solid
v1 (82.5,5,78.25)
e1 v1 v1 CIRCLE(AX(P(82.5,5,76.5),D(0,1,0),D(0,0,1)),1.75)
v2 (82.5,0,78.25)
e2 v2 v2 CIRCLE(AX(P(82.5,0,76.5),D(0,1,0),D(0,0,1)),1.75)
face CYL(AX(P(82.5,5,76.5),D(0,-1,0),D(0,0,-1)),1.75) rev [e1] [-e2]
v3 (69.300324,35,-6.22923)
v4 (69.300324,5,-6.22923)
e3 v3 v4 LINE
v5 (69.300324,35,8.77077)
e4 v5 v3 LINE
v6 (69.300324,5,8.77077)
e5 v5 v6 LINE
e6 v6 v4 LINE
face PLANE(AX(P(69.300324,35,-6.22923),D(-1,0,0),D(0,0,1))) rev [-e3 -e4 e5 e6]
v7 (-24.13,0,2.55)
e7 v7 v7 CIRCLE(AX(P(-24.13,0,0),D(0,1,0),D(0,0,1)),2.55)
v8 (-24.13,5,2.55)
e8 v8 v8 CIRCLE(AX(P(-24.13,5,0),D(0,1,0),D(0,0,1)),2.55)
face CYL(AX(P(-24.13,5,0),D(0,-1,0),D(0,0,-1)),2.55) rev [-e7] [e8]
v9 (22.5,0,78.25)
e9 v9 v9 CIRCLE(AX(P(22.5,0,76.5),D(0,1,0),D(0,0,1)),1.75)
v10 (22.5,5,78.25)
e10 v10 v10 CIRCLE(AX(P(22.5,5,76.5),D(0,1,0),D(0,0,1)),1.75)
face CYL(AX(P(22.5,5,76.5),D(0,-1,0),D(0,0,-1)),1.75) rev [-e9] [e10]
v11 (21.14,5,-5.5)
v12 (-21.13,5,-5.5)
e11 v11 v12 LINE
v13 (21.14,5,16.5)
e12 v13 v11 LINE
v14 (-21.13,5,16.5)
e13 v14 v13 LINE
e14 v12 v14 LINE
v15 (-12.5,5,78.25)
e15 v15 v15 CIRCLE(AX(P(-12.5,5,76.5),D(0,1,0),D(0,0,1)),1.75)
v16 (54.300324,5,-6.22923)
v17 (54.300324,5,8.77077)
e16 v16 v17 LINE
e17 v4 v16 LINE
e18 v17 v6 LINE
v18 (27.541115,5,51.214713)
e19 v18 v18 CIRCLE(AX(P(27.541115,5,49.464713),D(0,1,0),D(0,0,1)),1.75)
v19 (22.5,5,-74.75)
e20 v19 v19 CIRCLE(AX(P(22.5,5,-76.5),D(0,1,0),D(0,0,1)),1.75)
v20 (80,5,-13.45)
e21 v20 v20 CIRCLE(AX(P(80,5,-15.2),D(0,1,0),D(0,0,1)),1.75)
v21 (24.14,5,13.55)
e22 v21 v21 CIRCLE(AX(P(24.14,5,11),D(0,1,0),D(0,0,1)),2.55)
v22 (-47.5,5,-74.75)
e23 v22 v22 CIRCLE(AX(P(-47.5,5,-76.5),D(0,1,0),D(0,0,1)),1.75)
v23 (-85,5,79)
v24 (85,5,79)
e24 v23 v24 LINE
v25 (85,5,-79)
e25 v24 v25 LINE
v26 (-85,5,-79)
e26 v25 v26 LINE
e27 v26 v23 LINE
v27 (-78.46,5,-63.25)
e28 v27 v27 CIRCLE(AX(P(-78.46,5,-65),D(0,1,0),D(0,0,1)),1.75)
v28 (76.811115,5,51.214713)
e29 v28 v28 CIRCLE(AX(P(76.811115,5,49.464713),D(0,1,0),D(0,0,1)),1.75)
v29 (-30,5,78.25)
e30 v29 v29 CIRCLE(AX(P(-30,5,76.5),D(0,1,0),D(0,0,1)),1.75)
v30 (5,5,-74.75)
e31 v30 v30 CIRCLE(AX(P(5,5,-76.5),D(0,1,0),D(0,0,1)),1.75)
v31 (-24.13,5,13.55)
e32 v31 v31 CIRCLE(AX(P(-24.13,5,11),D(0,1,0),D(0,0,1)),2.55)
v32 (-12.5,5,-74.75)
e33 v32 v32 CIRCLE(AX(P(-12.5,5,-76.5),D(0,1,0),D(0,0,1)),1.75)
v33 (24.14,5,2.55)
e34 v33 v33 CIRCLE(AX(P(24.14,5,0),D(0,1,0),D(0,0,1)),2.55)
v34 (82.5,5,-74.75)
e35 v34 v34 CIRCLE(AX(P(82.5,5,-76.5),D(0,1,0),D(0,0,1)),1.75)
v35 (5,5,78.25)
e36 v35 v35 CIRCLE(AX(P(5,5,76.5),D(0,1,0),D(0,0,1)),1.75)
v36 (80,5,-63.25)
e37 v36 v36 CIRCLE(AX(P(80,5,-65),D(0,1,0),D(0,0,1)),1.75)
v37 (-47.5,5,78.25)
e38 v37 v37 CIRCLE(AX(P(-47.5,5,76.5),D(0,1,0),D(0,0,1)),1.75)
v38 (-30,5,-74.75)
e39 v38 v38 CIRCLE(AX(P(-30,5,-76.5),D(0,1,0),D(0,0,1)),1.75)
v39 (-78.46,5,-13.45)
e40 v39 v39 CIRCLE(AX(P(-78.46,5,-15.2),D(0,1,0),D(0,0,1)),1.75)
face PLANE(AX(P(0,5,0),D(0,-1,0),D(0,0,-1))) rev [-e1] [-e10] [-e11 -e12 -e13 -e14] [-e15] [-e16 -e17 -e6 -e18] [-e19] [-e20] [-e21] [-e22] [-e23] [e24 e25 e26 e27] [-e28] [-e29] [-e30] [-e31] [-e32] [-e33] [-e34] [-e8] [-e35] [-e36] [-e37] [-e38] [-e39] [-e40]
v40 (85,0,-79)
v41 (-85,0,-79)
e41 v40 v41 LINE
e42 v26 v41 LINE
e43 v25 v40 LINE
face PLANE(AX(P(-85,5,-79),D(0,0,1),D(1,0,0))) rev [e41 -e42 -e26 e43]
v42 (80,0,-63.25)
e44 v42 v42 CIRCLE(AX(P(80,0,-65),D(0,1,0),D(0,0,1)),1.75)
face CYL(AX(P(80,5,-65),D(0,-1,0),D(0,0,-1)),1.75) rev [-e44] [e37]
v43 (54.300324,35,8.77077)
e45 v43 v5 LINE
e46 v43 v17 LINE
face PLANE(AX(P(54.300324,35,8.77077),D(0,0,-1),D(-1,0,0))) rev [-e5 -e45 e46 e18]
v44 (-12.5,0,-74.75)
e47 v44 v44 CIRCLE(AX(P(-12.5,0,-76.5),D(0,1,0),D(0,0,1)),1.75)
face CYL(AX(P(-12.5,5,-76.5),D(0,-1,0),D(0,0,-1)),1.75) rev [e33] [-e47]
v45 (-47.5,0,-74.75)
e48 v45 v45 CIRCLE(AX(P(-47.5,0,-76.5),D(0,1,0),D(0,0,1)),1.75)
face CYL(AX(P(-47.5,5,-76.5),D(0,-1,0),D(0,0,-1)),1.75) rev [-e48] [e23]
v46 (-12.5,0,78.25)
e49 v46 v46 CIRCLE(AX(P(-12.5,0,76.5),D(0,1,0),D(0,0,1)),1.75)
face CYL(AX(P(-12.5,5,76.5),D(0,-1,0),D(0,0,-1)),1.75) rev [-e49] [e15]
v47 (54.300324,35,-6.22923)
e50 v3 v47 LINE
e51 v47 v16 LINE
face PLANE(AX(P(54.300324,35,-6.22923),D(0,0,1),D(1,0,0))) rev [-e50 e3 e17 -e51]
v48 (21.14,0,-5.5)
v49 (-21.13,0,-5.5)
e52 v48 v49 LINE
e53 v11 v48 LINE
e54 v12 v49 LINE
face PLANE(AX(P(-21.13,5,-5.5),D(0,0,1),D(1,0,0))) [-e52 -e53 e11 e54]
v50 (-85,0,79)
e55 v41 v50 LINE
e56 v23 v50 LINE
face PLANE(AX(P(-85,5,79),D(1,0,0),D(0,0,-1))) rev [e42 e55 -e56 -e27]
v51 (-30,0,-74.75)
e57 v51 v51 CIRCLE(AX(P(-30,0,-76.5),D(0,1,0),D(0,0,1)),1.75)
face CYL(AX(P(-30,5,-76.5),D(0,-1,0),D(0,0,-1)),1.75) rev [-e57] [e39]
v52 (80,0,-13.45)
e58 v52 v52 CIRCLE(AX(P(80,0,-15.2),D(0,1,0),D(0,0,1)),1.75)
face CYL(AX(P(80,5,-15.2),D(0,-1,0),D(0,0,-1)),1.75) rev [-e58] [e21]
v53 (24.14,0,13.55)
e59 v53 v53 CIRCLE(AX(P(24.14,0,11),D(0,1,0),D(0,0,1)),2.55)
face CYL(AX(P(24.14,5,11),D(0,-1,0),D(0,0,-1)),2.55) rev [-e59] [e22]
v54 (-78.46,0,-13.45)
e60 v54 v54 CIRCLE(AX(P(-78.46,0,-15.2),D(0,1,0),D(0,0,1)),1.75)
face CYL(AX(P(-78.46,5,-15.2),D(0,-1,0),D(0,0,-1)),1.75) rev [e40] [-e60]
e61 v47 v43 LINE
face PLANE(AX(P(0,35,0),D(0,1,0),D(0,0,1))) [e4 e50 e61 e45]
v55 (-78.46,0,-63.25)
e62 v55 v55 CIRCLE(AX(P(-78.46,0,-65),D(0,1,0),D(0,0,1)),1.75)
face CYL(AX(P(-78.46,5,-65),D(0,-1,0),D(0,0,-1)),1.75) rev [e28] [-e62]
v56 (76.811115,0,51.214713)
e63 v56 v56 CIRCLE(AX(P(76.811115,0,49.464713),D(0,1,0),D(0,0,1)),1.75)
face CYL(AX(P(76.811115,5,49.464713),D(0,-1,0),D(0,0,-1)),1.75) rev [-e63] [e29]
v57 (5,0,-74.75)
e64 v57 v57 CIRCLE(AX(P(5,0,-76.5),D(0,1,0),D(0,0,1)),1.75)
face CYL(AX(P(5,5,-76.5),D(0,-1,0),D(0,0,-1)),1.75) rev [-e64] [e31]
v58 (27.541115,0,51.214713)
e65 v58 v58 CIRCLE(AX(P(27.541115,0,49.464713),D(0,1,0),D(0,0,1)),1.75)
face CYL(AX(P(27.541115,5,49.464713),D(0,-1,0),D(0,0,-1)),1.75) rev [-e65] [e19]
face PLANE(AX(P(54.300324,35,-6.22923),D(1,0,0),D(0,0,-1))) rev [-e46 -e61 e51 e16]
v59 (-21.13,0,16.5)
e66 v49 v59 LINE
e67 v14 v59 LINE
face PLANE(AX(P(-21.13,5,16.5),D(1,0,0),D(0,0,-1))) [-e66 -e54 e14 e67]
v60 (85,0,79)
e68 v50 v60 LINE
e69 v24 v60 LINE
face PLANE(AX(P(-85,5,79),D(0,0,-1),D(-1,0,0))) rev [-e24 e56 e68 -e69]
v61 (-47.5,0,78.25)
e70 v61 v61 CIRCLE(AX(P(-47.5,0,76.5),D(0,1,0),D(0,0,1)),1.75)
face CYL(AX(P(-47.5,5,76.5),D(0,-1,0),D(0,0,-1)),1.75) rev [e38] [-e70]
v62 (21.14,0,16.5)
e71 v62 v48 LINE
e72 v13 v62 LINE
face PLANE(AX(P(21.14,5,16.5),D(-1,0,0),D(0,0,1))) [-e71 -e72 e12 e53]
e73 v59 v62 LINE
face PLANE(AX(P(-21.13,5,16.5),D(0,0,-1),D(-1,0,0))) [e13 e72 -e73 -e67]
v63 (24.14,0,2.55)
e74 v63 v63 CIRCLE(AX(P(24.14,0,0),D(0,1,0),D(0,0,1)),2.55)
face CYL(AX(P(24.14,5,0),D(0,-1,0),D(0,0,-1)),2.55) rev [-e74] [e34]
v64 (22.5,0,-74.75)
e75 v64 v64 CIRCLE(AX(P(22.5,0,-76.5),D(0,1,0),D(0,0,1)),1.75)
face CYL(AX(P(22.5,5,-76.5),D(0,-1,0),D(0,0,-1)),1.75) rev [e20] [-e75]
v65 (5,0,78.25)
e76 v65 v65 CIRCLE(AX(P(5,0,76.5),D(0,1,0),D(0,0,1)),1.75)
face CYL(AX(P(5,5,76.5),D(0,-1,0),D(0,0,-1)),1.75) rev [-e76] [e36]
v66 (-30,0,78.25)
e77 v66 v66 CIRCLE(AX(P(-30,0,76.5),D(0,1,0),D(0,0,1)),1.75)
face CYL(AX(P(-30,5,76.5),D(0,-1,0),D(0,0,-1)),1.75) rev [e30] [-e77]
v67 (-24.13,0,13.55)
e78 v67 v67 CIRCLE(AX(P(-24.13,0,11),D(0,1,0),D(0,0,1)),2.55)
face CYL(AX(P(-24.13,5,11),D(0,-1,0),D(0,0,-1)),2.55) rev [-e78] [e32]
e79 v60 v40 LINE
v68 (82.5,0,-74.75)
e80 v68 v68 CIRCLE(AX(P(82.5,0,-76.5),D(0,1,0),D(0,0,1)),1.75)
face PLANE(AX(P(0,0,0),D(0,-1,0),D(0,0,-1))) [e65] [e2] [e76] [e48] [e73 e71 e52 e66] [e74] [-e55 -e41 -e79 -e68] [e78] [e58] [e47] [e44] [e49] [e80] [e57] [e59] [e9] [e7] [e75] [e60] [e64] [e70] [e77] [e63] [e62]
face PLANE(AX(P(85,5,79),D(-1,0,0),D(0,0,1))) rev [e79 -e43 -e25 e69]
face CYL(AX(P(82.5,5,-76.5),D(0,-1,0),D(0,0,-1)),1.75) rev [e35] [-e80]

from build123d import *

# Parameters (mm, degrees)
SKETCH1_W           = 170
SKETCH1_H           = 158
SKETCH1_R           = 1.75
SKETCH1_R_2         = 2.55
SKETCH1_W_2         = 42.27
SKETCH1_H_2         = 22
BOSS_EXTRUDE1_DEPTH = 5
SKETCH2_W           = 15
SKETCH2_H           = 15
BOSS_EXTRUDE2_DEPTH = 30


with BuildPart() as part:
    # Sketch1 → Boss-Extrude1 (new body)
    with BuildSketch(Plane(origin=(0, 0, 0), x_dir=(1, 0, 0), z_dir=(0, 1, 0))):
        Rectangle(SKETCH1_W, SKETCH1_H)
        with Locations(Location((82.5, 76.5, 0), (0, 0, 270))):
            Circle(SKETCH1_R, mode=Mode.SUBTRACT)
        with Locations(Location((22.5, 76.5, 0), (0, 0, 270))):
            Circle(SKETCH1_R, mode=Mode.SUBTRACT)
        with Locations(Location((5, 76.5, 0), (0, 0, 270))):
            Circle(SKETCH1_R, mode=Mode.SUBTRACT)
        with Locations(Location((-12.5, 76.5, 0), (0, 0, 270))):
            Circle(SKETCH1_R, mode=Mode.SUBTRACT)
        with Locations(Location((-30, 76.5, 0), (0, 0, 270))):
            Circle(SKETCH1_R, mode=Mode.SUBTRACT)
        with Locations(Location((-47.5, 76.5, 0), (0, 0, 270))):
            Circle(SKETCH1_R, mode=Mode.SUBTRACT)
        with Locations(Location((82.5, -76.5, 0), (0, 0, 270))):
            Circle(SKETCH1_R, mode=Mode.SUBTRACT)
        with Locations(Location((22.5, -76.5, 0), (0, 0, 270))):
            Circle(SKETCH1_R, mode=Mode.SUBTRACT)
        with Locations(Location((5, -76.5, 0), (0, 0, 270))):
            Circle(SKETCH1_R, mode=Mode.SUBTRACT)
        with Locations(Location((-12.5, -76.5, 0), (0, 0, 270))):
            Circle(SKETCH1_R, mode=Mode.SUBTRACT)
        with Locations(Location((-30, -76.5, 0), (0, 0, 270))):
            Circle(SKETCH1_R, mode=Mode.SUBTRACT)
        with Locations(Location((-47.5, -76.5, 0), (0, 0, 270))):
            Circle(SKETCH1_R, mode=Mode.SUBTRACT)
        with Locations(Location((80, 15.2, 0), (0, 0, 270))):
            Circle(SKETCH1_R, mode=Mode.SUBTRACT)
        with Locations(Location((-78.46, 15.2, 0), (0, 0, 270))):
            Circle(SKETCH1_R, mode=Mode.SUBTRACT)
        with Locations(Location((24.14, -11, 0), (0, 0, 270))):
            Circle(SKETCH1_R_2, mode=Mode.SUBTRACT)
        with Locations(Location((24.14, 0, 0), (0, 0, 270))):
            Circle(SKETCH1_R_2, mode=Mode.SUBTRACT)
        with Locations(Location((-24.13, 0, 0), (0, 0, 270))):
            Circle(SKETCH1_R_2, mode=Mode.SUBTRACT)
        with Locations(Location((-24.13, -11, 0), (0, 0, 270))):
            Circle(SKETCH1_R_2, mode=Mode.SUBTRACT)
        with Locations(Location((80, 65, 0), (0, 0, 270))):
            Circle(SKETCH1_R, mode=Mode.SUBTRACT)
        with Locations(Location((-78.46, 65, 0), (0, 0, 270))):
            Circle(SKETCH1_R, mode=Mode.SUBTRACT)
        with Locations(Location((76.811114527, -49.46471284, 0), (0, 0, 270))):
            Circle(SKETCH1_R, mode=Mode.SUBTRACT)
        with Locations(Location((27.541114527, -49.46471284, 0), (0, 0, 270))):
            Circle(SKETCH1_R, mode=Mode.SUBTRACT)
        with Locations((0.005, -5.5)):
            Rectangle(SKETCH1_W_2, SKETCH1_H_2, mode=Mode.SUBTRACT)
    extrude(amount=BOSS_EXTRUDE1_DEPTH)

    # Sketch2 → Boss-Extrude2 (add)
    with BuildSketch(Plane(origin=(0, 5, 0), x_dir=(1, 0, 0), z_dir=(0, 1, 0))):
        with Locations((61.800323829, -1.270769853)):
            Rectangle(SKETCH2_W, SKETCH2_H)
    extrude(amount=BOSS_EXTRUDE2_DEPTH)


solid = part.part
